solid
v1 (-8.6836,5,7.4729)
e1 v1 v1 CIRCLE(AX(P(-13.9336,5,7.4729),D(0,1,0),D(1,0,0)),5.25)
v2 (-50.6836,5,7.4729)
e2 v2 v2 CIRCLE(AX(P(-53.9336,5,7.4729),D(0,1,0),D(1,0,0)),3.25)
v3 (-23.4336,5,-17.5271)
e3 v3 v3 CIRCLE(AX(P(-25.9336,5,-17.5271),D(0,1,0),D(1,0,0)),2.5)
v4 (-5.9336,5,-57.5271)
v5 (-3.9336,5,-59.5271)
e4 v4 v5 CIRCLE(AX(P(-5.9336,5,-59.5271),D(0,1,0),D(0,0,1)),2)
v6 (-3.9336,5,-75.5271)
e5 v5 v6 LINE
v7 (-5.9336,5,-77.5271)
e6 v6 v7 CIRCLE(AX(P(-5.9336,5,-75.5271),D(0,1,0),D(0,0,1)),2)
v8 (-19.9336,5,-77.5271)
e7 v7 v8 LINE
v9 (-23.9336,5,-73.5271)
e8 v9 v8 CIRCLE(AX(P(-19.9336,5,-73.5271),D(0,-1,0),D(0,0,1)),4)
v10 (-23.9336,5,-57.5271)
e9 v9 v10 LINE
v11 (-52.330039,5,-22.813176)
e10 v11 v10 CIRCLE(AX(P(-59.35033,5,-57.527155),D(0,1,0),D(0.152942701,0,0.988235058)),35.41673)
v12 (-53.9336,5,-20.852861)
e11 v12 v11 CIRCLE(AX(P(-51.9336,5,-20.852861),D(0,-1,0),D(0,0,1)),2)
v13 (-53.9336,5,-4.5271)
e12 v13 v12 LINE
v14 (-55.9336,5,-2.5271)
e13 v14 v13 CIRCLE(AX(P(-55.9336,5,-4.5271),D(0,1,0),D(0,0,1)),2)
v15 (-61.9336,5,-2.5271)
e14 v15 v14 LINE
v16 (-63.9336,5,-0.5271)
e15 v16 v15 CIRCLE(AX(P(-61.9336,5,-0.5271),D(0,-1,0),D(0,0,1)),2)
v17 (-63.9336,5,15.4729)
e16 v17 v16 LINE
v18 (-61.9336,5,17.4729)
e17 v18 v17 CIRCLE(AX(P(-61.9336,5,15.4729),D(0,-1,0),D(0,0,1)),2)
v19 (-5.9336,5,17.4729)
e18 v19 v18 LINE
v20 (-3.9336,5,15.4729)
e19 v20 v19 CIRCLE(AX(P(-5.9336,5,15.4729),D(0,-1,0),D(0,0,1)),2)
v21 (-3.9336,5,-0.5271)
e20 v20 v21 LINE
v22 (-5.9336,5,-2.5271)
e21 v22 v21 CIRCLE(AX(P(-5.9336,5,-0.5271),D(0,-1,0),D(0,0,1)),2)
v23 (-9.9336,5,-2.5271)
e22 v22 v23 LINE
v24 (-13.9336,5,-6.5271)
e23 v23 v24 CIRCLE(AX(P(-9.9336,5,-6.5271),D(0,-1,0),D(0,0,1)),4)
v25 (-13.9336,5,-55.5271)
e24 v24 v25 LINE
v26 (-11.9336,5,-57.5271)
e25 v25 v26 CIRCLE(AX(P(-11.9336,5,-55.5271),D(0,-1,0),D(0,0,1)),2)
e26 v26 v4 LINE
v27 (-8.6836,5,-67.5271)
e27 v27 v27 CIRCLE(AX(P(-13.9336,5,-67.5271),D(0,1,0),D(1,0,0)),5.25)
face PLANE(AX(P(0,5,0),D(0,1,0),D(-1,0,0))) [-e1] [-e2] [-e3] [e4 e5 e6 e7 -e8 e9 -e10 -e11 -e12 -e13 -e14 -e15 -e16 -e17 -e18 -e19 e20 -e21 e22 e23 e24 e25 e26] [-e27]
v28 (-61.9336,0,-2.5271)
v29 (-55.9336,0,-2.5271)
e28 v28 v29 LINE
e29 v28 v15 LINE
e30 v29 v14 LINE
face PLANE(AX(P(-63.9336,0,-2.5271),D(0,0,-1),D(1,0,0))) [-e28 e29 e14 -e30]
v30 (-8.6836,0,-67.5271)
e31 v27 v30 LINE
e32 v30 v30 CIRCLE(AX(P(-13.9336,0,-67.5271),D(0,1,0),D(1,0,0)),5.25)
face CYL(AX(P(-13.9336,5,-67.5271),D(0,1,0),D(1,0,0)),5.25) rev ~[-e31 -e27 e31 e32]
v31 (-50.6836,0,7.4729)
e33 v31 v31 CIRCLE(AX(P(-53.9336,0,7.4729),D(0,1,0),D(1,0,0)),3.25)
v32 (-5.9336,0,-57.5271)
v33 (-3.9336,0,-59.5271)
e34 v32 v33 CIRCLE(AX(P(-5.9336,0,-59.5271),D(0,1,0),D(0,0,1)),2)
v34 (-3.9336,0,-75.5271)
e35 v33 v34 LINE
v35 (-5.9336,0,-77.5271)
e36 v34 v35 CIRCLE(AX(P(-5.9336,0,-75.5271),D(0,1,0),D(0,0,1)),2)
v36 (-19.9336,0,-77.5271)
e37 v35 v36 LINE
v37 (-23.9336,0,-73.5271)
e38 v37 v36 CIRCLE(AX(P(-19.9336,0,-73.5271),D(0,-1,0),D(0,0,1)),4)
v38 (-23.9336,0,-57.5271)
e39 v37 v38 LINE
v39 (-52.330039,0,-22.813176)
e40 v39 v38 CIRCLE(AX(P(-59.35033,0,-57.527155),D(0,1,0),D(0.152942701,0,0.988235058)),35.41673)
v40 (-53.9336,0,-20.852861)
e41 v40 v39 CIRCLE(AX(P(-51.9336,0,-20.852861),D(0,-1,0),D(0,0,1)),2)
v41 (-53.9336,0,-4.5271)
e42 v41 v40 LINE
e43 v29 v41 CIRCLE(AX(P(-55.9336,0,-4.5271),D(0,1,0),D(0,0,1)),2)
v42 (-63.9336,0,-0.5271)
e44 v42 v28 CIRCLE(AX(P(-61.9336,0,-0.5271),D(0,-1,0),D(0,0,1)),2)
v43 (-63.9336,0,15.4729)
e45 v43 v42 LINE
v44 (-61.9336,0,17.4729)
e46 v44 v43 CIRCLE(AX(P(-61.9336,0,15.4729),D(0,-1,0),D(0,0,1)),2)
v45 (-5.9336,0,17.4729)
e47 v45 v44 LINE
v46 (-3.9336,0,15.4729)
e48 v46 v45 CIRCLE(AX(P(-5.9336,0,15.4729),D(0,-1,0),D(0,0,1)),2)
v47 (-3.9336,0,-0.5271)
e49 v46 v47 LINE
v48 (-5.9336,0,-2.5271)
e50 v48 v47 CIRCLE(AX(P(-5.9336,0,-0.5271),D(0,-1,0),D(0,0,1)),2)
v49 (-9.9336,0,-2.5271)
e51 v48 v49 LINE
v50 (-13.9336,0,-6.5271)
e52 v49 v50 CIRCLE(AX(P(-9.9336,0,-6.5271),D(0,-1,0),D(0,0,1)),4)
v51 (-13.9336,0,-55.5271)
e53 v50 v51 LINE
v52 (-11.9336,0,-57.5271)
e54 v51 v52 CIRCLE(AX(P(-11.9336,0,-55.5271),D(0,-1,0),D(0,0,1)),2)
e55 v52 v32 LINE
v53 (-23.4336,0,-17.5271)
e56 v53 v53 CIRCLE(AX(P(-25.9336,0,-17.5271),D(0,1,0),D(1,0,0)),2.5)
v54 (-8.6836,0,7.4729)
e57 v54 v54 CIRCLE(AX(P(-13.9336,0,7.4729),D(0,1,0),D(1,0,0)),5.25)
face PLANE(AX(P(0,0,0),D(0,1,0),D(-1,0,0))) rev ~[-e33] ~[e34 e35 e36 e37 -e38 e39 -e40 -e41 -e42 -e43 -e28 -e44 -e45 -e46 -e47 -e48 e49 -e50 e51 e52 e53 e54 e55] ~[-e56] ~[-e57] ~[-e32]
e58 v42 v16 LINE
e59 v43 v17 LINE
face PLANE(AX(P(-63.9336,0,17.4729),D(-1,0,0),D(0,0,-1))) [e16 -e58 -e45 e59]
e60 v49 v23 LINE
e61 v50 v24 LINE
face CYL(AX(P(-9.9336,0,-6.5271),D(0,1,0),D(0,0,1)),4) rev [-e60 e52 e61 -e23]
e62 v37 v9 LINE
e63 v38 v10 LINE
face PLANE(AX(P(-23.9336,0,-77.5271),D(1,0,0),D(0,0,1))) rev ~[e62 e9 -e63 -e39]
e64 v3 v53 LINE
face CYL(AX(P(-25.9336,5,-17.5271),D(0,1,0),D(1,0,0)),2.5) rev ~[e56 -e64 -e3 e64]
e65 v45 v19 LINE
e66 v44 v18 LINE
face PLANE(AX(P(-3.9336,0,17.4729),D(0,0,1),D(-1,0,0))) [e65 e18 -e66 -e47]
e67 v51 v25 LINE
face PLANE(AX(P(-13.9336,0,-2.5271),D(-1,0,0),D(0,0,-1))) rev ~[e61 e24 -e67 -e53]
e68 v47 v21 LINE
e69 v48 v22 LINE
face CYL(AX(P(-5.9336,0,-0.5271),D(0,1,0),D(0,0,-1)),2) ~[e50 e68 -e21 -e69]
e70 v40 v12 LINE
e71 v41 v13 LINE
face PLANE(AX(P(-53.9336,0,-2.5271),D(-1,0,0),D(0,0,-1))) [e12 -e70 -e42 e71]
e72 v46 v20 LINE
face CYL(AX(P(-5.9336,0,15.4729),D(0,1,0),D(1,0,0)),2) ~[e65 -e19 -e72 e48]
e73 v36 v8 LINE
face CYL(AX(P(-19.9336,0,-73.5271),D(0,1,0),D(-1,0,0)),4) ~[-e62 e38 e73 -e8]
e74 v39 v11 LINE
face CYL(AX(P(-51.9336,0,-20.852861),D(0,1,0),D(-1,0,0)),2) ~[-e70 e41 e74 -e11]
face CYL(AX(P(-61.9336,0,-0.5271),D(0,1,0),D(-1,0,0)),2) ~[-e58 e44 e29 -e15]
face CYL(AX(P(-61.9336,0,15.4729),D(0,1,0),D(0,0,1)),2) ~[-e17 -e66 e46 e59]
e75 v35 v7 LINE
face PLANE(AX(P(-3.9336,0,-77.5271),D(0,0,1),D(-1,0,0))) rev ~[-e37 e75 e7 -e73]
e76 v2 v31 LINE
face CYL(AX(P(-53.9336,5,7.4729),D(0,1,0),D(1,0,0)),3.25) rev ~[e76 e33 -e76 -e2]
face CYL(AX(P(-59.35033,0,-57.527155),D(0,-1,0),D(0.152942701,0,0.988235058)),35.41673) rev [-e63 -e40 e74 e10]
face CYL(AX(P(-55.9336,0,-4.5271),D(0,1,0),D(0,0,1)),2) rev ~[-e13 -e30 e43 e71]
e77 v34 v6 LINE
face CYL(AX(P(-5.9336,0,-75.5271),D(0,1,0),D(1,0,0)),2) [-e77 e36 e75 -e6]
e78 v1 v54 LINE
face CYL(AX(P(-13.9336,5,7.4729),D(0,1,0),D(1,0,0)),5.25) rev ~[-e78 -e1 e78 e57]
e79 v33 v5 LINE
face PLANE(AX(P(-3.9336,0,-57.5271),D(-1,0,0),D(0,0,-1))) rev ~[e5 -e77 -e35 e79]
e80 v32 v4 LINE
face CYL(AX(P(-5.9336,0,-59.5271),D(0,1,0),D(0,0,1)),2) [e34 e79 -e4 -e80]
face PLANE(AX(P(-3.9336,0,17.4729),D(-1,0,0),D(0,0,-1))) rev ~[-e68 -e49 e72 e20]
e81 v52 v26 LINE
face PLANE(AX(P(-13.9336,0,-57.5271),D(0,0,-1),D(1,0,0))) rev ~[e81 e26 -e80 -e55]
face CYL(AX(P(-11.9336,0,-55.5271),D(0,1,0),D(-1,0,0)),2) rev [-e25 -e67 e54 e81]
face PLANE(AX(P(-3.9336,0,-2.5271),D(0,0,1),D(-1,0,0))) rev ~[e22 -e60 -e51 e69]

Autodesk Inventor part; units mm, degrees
ref_plane "YZ Plane" through (0, 0, 0) normal (1, 0, 0) x (0, 1, 0)
ref_plane "XZ Plane" through (0, 0, 0) normal (0, 1, 0) x (-1, 0, 0)
ref_plane "XY Plane" through (0, 0, 0) normal (0, 0, 1) x (1, 0, 0)
sketch "Sketch1" plane through (0, 0, 0) normal (0, 1, 0) x (-1, 0, 0)
  line L0 (3.9336, 17.4729) -> (3.9336, -2.5271)
  line L1 (3.9336, -2.5271) -> (13.9336, -2.5271)
  line L2 (13.9336, -2.5271) -> (13.9336, -57.5271)
  line L3 (13.9336, -57.5271) -> (3.9336, -57.5271)
  line L4 (3.9336, -57.5271) -> (3.9336, -77.5271)
  line L5 (3.9336, -77.5271) -> (23.9336, -77.5271)
  line L6 (23.9336, -77.5271) -> (23.9336, -57.5271)
  line L7 (3.9336, 17.4729) -> (63.9336, 17.4729)
  line L8 (63.9336, 17.4729) -> (63.9336, -2.5271)
  line L9 (63.9336, -2.5271) -> (53.9336, -2.5271)
  line L10 (53.9336, -2.5271) -> (53.9336, -22.5271)
  arc A0 (53.9336, -22.5271) -> (23.9336, -57.5271) centre (59.3503, -57.5271) ccw
  point P0 (0, 0)
  dimension "d0" = 20
  dimension "d1" = 10
  dimension "d2" = 55
  dimension "d3" = 10
  dimension "d4" = 20
  dimension "d5" = 20
  dimension "d6" = 20
  dimension "d7" = 60
  dimension "d8" = 20
  dimension "d9" = 10
  dimension "d10" = 20
extrude "Extrusion1" add sketch "Sketch1" along normal blind 5
sketch "Sketch2" plane through (0, 5, 0) normal (0, 1, 0) x (1, 0, 0)
  circle A0 centre (-13.9336, -7.4729) radius 5.25
  circle A1 centre (-13.9336, 67.5271) radius 5.25
  circle A2 centre (-53.9336, -7.4729) radius 3.25
  point P0 (0, 0)
  point P1 (-3.9336, -17.4729)
  point P2 (-3.9336, 77.5271)
  dimension "d15" = 10.5
  dimension "d18" = 10.5
  dimension "d21" = 6.5
extrude "Extrusion2" cut sketch "Sketch2" along normal through all both and the other way through all
sketch "Sketch3" plane through (0, 5, 0) normal (0, 1, 0) x (1, 0, 0)
  line L0 (-63.9336, -17.4729) -> (-3.9336, -17.4729) projected
  line L1 (-13.9336, 2.5271) -> (-13.9336, 57.5271) projected
  circle A0 centre (-25.9336, 17.5271) radius 2.5
  point P0 (0, 0)
  dimension "d27" = 5
extrude "Extrusion3" cut sketch "Sketch3" against normal through all
fillet "Fillet1" radius 4 2 edges at (-13.9336, 2.5, -2.5271) (-23.9336, 2.5, -77.5271)
fillet "Fillet2" radius 2 7 edges at (-3.9336, 2.5, 17.4729) (-63.9336, 2.5, 17.4729) (-3.9336, 2.5, -2.5271) (-3.9336, 2.5, -57.5271) (-3.9336, 2.5, -77.5271) (-63.9336, 2.5, -2.5271) (-53.9336, 2.5, -22.5271)
fillet "Fillet3" radius 2 2 edges at (-13.9336, 2.5, -57.5271) (-53.9336, 2.5, -2.5271)
properties part number "autodesk"
